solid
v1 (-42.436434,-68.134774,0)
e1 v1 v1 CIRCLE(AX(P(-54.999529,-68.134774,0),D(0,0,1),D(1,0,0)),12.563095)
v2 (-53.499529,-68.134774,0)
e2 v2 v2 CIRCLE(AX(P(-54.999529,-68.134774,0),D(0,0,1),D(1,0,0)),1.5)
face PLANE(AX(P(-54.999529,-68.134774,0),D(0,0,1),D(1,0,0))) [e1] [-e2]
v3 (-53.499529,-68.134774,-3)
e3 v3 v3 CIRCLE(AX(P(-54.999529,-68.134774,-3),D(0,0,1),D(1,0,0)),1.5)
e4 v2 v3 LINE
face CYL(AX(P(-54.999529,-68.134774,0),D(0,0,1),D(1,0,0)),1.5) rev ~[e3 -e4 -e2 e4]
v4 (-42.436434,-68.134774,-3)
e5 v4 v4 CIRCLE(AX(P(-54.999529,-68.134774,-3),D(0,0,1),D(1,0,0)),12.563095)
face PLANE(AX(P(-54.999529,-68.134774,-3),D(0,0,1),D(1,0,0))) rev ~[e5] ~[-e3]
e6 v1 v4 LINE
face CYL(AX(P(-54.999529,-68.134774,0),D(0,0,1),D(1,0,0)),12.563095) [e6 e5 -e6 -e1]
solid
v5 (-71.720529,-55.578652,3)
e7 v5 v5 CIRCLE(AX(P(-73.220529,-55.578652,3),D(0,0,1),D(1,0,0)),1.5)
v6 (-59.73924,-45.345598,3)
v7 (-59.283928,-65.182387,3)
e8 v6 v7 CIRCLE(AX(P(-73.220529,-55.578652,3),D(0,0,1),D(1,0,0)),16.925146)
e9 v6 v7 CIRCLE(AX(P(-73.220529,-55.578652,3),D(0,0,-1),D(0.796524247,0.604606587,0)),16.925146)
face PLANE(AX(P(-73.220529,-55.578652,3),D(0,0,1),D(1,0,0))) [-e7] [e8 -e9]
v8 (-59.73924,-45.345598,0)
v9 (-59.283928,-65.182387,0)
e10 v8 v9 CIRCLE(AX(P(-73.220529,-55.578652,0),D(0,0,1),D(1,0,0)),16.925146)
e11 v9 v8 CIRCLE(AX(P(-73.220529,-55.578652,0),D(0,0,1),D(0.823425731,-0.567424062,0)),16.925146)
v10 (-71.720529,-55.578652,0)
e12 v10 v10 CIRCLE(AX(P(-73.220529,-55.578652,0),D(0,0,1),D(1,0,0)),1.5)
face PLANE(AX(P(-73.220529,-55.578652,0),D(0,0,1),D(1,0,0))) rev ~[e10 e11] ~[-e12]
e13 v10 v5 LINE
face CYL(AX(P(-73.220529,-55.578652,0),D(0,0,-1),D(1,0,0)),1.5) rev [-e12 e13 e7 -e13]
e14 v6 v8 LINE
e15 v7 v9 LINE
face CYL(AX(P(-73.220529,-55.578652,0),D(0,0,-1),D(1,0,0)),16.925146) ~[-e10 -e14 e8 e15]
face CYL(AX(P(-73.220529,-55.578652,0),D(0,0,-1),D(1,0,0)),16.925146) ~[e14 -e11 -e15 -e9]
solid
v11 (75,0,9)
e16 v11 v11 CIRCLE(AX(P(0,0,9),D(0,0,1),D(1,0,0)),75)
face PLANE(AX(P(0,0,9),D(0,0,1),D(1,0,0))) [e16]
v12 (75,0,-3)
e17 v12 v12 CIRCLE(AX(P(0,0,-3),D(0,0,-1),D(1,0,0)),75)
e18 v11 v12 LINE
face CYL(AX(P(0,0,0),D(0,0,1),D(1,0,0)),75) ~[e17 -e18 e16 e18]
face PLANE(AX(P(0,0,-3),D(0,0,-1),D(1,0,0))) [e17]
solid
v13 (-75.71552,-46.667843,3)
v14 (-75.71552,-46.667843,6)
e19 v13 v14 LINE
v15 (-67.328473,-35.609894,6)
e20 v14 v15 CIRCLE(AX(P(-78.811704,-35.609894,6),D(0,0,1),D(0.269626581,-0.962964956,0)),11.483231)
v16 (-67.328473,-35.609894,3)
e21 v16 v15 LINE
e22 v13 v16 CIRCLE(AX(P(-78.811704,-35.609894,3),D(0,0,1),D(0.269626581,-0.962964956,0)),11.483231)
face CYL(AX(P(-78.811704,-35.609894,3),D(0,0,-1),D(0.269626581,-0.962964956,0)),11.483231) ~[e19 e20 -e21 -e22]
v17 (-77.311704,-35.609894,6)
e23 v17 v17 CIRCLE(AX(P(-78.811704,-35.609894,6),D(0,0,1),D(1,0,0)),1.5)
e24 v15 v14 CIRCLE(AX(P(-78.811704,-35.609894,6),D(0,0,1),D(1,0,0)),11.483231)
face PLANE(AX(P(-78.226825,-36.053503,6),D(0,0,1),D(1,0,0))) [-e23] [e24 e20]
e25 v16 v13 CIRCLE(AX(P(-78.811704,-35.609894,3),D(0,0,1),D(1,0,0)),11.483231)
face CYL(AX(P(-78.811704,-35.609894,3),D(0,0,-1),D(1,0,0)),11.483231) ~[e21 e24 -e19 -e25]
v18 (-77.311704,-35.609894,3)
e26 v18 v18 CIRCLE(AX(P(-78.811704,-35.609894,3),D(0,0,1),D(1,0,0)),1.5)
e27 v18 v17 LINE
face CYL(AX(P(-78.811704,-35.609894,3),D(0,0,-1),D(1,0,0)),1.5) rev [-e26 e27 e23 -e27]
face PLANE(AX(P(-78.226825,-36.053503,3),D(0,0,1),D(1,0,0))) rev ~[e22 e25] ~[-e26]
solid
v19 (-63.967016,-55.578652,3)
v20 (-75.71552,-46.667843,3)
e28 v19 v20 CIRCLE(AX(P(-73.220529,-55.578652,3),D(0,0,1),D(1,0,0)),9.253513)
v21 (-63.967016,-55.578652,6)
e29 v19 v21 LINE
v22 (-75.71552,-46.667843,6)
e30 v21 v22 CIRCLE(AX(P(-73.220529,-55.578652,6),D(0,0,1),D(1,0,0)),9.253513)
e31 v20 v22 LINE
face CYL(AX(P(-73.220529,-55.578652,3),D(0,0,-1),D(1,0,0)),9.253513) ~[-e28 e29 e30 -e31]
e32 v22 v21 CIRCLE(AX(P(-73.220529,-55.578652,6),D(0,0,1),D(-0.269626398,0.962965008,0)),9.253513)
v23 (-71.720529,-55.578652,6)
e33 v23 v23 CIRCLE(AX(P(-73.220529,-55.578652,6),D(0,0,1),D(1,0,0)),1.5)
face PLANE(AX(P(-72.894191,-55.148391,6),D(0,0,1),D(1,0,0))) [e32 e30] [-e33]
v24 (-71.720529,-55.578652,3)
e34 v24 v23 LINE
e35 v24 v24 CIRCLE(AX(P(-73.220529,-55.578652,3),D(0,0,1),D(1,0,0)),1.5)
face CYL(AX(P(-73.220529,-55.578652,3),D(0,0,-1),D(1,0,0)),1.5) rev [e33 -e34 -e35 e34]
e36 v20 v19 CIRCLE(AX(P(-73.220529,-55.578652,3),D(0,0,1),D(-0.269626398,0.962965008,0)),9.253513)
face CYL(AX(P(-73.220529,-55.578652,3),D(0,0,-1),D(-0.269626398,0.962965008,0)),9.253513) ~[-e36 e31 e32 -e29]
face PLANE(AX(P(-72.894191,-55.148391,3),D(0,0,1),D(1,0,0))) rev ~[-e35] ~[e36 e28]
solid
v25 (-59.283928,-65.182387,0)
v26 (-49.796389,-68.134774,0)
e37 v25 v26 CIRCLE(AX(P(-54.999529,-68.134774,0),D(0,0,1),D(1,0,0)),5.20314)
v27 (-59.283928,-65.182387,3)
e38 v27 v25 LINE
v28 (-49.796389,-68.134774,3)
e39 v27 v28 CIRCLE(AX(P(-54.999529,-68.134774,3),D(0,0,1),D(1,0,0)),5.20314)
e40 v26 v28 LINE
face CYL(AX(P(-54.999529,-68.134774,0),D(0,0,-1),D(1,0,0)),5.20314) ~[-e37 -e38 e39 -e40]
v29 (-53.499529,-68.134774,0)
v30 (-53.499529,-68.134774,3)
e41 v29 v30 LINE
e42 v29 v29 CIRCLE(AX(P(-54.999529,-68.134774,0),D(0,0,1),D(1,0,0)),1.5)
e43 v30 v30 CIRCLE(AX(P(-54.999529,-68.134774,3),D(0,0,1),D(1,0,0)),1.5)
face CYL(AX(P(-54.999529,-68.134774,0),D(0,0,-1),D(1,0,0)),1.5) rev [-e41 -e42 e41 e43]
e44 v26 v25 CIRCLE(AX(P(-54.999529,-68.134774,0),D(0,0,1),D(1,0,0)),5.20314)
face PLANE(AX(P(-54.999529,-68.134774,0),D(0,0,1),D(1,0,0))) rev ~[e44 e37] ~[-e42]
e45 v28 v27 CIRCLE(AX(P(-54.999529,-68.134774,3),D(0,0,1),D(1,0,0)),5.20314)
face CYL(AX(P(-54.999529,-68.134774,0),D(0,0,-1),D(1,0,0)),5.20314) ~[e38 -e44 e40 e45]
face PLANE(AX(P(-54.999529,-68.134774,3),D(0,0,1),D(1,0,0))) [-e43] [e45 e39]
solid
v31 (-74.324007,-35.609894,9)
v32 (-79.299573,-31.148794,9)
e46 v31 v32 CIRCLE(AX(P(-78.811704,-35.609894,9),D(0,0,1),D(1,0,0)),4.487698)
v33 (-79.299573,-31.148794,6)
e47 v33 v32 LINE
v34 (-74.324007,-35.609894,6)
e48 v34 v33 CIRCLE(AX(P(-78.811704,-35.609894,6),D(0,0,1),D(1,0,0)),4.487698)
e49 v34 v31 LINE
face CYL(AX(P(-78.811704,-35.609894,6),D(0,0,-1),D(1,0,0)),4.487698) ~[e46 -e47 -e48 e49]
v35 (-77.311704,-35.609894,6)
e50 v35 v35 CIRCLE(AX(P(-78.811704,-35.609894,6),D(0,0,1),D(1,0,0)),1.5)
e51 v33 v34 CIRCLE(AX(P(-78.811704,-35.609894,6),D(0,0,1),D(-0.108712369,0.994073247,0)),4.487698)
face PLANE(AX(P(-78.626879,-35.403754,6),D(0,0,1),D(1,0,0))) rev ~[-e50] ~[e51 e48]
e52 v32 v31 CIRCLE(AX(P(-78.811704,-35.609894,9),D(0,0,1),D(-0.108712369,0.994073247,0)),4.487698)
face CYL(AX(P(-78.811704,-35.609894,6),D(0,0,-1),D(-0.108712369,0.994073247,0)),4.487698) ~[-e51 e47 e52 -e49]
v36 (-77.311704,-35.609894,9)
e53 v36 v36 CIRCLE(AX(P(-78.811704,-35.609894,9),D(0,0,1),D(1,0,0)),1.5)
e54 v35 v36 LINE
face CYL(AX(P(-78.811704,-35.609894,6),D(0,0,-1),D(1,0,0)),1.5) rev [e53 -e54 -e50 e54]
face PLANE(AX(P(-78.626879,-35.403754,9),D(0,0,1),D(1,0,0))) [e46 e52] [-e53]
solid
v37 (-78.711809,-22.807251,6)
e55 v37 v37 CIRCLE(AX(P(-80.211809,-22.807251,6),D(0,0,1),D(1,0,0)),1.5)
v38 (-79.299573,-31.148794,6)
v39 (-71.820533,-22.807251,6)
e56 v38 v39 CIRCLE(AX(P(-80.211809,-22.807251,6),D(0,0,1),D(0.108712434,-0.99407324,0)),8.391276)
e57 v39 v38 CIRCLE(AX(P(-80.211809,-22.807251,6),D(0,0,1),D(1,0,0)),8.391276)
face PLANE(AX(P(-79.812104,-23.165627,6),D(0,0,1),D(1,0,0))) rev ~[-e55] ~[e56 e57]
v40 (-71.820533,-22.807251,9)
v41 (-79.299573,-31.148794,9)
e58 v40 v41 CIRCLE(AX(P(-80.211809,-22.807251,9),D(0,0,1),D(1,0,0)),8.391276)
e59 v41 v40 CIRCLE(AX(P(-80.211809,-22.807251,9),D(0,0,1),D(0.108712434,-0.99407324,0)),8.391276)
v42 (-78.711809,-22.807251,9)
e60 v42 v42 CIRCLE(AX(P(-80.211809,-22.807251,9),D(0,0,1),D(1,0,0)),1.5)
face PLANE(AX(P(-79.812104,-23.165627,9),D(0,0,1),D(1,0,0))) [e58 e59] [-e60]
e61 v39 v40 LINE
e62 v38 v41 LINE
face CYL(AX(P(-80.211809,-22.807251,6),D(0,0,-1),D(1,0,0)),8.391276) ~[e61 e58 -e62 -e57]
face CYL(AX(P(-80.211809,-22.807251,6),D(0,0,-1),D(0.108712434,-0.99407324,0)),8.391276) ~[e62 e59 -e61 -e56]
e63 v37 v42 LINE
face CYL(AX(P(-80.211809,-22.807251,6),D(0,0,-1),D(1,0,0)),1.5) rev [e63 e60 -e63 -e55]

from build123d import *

# Parameters (mm, degrees)
F0_R      = 75
F1_DEPTH  = 9
F2_R      = 16.9251457535
F2_R_2    = 1.5
F3_DEPTH  = 3
F4_R      = 1.5
F5_DEPTH  = 3
F6_R      = 1.5
F7_DEPTH  = 3
F8_R      = 75
F9_DEPTH  = 3
F10_R     = 5.20314003
F10_R_2   = 1.5
F11_DEPTH = 3
F12_R     = 12.5630950787
F12_R_2   = 1.5
F13_DEPTH = 3


with BuildPart() as f1:
    # F0 (on Top) → F1 (new body)
    with BuildSketch(Plane.XY):
        Circle(F0_R)
    extrude(amount=F1_DEPTH)

    # F2 (on Top) → F3 (join)
    with BuildSketch(Plane.XY):
        with Locations((-73.2205287294, -55.5786523261)):
            Circle(F2_R)
        with Locations((-73.2205287294, -55.5786523261)):
            Circle(F2_R_2, mode=Mode.SUBTRACT)
    extrude(amount=F3_DEPTH)

    # F8 (on face) → F9 (join)
    with BuildSketch(Plane(origin=(0, 0, 0), x_dir=(1, 0, 0), z_dir=(0, 0, -1))):
        Circle(F8_R)
    extrude(amount=F9_DEPTH)

    # F10 (on Top) → F11 (join)
    with BuildSketch(Plane.XY):
        with Locations((-54.9995288447, -68.1347741364)):
            Circle(F10_R)
        with Locations((-54.9995288447, -68.1347741364)):
            Circle(F10_R_2, mode=Mode.SUBTRACT)
    extrude(amount=F11_DEPTH)


with BuildPart() as f5:
    # F4 (on face) → F5 (new body)
    with BuildSketch(Plane.XY.offset(3)):
        with BuildLine():
            ThreePointArc((-75.7155200416, -46.6678433327), (-78.8124901295, -62.9514039335), (-63.9670159605, -55.5786523261))
            ThreePointArc((-63.9670159605, -55.5786523261), (-67.6285673294, -48.2059007187), (-75.7155200416, -46.6678433327))
        make_face()
        with Locations((-73.2205287294, -55.5786523261)):
            Circle(F4_R, mode=Mode.SUBTRACT)
    extrude(amount=F5_DEPTH)


with BuildPart() as f5b:
    # F4 (on face) → F5, piece 2 (new body)
    with BuildSketch(Plane.XY.offset(3)):
        with BuildLine():
            ThreePointArc((-67.3284730942, -35.6098939539), (-87.9609886893, -28.6704991503), (-75.7155200416, -46.6678433327))
            ThreePointArc((-75.7155200416, -46.6678433327), (-69.6624202088, -42.5492887575), (-67.3284730942, -35.6098939539))
        make_face()
        with Locations((-78.8117044491, -35.6098939539)):
            Circle(F4_R, mode=Mode.SUBTRACT)
    extrude(amount=F5_DEPTH)


with BuildPart() as f7:
    # F6 (on face) → F7 (new body)
    with BuildSketch(Plane.XY.offset(6)):
        with BuildLine():
            ThreePointArc((-79.2995726934, -31.1487937614), (-81.8075369853, -38.9512137181), (-74.324006782, -35.6098939539))
            ThreePointArc((-74.324006782, -35.6098939539), (-75.8158719129, -32.2685741897), (-79.2995726934, -31.1487937614))
        make_face()
        with Locations((-78.8117044491, -35.6098939539)):
            Circle(F6_R, mode=Mode.SUBTRACT)
    extrude(amount=F7_DEPTH)


with BuildPart() as f7b:
    # F6 (on face) → F7, piece 2 (new body)
    with BuildSketch(Plane.XY.offset(6)):
        with BuildLine():
            ThreePointArc((-71.8205325584, -22.8072506442), (-86.4595419823, -17.2055236133), (-79.2995726934, -31.1487937614))
            ThreePointArc((-79.2995726934, -31.1487937614), (-73.9640755278, -28.4089776752), (-71.8205325584, -22.8072506442))
        make_face()
        with Locations((-80.211808755, -22.8072506442)):
            Circle(F6_R, mode=Mode.SUBTRACT)
    extrude(amount=F7_DEPTH)


with BuildPart() as f13:
    # F12 (on Top) → F13 (new body)
    with BuildSketch(Plane.XY):
        with Locations((-54.9995288447, -68.1347741364)):
            Circle(F12_R)
        with Locations((-54.9995288447, -68.1347741364)):
            Circle(F12_R_2, mode=Mode.SUBTRACT)
    extrude(amount=-F13_DEPTH)


solid = Compound([f1.part, f5.part, f5b.part, f7.part, f7b.part, f13.part])
